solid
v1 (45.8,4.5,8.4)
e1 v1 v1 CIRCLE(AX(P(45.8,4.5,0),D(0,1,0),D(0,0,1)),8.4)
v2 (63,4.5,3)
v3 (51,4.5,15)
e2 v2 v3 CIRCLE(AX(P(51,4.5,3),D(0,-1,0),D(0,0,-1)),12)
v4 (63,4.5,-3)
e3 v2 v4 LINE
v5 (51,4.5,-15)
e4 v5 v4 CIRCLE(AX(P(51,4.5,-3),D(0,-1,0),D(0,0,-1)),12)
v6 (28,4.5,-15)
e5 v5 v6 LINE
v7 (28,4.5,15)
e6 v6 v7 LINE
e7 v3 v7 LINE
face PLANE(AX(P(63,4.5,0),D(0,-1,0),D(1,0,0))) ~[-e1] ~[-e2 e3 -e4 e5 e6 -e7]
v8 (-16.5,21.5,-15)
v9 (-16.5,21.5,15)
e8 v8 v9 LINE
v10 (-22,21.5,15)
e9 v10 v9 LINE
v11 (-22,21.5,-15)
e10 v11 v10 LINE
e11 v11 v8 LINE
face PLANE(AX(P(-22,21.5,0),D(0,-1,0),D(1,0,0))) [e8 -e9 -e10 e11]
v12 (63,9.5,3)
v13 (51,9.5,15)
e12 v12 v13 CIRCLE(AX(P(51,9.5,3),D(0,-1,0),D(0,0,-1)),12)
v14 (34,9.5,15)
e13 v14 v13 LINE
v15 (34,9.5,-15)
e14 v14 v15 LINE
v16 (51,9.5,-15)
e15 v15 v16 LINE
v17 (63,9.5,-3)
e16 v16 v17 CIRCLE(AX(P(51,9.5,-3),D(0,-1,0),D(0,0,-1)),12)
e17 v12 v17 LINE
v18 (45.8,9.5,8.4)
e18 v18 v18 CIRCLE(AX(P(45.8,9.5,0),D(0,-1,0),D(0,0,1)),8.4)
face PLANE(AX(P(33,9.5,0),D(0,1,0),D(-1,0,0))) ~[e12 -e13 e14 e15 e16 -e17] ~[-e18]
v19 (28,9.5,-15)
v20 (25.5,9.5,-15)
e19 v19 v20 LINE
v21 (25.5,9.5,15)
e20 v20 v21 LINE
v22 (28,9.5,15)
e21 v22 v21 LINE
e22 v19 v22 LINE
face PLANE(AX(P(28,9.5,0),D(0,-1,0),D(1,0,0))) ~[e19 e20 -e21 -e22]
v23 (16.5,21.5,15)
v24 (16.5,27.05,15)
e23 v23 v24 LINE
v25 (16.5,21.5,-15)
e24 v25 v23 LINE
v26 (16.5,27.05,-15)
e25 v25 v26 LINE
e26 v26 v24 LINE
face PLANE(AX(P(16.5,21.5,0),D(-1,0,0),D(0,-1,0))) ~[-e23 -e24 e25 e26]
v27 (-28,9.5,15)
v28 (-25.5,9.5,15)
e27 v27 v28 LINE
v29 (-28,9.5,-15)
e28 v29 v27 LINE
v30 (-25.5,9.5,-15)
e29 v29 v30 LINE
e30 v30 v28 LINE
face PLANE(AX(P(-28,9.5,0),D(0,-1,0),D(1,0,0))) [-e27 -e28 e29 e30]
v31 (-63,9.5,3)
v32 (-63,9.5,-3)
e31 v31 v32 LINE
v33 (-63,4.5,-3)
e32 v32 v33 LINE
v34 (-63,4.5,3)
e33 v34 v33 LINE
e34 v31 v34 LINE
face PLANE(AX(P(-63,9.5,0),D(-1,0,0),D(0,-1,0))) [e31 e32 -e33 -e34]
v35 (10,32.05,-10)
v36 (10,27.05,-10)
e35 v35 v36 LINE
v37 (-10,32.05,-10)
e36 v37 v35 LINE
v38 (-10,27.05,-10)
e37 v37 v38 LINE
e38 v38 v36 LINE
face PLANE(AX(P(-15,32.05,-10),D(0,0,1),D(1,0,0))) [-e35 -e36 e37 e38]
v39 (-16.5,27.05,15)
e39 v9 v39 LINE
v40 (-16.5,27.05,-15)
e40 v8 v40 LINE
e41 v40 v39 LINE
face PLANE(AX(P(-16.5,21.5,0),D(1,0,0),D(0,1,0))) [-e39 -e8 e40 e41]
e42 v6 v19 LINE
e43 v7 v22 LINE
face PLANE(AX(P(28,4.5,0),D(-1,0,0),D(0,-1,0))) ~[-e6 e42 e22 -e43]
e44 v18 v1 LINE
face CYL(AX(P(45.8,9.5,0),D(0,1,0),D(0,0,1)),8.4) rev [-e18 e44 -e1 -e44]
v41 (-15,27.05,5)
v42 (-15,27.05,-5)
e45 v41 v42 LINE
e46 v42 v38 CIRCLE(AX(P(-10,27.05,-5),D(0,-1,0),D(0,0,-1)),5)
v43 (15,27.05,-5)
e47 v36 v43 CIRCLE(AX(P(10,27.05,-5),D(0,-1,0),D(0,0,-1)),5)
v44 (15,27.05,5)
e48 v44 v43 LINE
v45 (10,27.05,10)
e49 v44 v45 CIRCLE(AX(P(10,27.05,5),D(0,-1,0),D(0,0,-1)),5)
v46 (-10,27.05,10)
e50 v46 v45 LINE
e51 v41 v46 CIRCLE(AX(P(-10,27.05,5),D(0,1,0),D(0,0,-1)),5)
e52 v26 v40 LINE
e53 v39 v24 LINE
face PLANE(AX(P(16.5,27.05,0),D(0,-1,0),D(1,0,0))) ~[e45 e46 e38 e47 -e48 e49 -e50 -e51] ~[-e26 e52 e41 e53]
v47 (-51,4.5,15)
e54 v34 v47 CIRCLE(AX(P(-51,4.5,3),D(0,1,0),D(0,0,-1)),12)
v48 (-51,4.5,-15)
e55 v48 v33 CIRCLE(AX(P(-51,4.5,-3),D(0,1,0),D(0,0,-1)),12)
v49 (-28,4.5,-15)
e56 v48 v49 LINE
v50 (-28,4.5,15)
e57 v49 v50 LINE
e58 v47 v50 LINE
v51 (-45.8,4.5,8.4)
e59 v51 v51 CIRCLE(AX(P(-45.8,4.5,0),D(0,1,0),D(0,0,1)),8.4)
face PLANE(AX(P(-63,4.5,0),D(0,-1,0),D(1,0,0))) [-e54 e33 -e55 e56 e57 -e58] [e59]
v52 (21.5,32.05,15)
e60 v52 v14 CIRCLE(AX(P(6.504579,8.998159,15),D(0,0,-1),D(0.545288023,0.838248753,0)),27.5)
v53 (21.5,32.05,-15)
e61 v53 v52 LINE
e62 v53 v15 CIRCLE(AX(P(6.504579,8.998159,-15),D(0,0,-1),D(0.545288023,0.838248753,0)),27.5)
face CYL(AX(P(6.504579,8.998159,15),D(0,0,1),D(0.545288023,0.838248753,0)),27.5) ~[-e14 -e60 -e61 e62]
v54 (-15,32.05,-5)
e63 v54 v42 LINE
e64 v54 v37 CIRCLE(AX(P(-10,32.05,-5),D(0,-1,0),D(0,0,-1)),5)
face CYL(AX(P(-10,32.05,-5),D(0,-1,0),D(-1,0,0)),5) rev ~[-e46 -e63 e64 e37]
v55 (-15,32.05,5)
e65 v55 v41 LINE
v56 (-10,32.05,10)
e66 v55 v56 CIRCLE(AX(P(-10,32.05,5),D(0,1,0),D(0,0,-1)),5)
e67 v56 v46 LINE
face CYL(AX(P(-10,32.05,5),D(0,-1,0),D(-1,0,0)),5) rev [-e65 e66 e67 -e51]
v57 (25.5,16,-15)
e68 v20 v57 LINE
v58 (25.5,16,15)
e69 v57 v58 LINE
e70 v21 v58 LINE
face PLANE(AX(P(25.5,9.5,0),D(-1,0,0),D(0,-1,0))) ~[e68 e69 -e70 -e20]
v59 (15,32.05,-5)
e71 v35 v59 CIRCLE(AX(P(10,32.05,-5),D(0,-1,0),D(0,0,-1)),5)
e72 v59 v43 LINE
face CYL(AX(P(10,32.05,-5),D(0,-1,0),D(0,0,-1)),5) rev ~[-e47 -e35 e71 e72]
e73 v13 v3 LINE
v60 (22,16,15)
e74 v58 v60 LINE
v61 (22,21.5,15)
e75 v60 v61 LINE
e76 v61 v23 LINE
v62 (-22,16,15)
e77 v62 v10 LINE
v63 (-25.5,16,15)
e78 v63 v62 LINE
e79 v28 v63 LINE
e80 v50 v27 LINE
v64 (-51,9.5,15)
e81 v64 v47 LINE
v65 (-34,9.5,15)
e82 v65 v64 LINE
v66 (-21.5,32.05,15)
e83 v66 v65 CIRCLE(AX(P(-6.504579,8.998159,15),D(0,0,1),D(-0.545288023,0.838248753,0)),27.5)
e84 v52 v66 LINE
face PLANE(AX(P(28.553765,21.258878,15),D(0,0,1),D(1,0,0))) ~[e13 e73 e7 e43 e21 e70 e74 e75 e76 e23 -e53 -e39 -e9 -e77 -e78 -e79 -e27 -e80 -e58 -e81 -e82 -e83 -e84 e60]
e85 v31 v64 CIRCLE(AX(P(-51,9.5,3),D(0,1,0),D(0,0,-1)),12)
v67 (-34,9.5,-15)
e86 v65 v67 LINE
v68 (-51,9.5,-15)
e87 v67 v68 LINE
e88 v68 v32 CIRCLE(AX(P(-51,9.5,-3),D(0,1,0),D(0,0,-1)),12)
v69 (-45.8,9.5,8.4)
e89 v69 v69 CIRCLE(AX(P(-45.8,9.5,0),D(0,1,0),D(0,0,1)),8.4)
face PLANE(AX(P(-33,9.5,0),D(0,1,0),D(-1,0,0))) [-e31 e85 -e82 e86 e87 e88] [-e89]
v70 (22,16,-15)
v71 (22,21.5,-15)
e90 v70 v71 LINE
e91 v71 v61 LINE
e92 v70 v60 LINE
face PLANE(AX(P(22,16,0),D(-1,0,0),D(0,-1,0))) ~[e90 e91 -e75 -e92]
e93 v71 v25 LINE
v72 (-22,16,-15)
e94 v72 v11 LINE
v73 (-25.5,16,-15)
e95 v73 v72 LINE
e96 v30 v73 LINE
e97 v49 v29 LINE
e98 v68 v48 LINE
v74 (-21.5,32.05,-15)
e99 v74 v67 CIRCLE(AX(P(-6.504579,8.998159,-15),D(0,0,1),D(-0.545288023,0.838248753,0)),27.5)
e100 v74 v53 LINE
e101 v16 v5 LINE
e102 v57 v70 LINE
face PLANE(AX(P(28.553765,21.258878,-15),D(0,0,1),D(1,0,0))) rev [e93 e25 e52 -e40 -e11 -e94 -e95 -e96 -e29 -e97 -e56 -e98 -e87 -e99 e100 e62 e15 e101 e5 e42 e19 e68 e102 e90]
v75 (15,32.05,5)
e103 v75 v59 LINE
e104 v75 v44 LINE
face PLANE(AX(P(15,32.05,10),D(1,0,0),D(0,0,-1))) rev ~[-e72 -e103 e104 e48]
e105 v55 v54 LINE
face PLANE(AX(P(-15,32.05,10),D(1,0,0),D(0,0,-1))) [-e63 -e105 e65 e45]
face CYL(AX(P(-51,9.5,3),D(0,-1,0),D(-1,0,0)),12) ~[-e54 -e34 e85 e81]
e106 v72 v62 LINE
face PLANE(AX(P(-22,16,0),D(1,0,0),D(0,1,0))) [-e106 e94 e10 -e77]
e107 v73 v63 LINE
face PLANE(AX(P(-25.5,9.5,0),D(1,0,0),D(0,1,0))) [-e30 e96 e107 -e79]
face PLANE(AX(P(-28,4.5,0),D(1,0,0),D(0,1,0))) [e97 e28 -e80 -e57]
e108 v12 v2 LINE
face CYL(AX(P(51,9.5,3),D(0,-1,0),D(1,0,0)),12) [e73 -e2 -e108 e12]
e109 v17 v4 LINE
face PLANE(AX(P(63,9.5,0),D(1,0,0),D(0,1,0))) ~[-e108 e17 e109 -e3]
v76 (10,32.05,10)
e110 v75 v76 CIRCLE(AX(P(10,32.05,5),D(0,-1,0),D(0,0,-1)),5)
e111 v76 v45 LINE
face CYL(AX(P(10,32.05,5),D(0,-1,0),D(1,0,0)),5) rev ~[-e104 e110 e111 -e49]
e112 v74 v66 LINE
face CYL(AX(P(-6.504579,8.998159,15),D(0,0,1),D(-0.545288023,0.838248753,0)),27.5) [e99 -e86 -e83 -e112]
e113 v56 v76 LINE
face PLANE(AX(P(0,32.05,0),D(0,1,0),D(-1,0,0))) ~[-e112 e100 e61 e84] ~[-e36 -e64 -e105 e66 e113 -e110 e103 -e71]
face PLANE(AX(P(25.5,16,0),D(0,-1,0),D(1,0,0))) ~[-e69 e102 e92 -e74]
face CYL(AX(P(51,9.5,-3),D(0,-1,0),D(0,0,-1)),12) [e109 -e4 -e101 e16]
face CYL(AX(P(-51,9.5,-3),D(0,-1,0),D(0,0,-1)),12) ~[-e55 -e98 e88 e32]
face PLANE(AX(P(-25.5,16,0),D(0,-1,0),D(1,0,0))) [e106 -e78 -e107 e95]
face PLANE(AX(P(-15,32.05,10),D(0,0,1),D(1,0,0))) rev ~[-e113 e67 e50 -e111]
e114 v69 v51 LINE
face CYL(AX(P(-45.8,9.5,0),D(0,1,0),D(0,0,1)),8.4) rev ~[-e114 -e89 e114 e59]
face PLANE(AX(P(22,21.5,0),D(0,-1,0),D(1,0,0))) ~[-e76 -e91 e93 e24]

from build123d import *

# Parameters (mm, degrees)
EXTRUDE_THIN1_DEPTH  = 15
SKETCH2_R            = 8.4
CUT_EXTRUDE1_DEPTH   = 69.574794932
FILLET1_R            = 12
FILLET1_OF_MIRROR1_R = 12
SKETCH3_W            = 30
SKETCH3_H            = 20
CUT_EXTRUDE2_DEPTH   = 71.377571001
BOSS_EXTRUDE1_DEPTH  = 30
FILLET2_R            = 5


with BuildPart() as part:
    # Sketch1 → Extrude-Thin1 (new, symmetric)
    with BuildSketch(Plane.XY):
        Polygon((-63, 4.5), (-28, 4.5), (-28, 9.5), (-25.5, 9.5), (-25.5, 16), (-22, 16), (-22, 21.5), (-16.5, 21.5), (-16.5, 27.05), (0, 27.05), (0, 32.05), (-21.5, 32.05), (-21.5, 26.5), (-27, 26.5), (-27, 21), (-30.5, 21), (-30.5, 14.5), (-33, 14.5), (-33, 9.5), (-63, 9.5), align=None)
    extrude_thin1 = extrude(amount=EXTRUDE_THIN1_DEPTH, both=True)

    # Sketch2 → Cut-Extrude1 (cut, through all)
    with BuildSketch(Plane(origin=(0, 9.5, 0), x_dir=(1, 0, 0), z_dir=(0, 1, 0))):
        with Locations(Location((-45.8, 0, 0), (0, 0, 270))):
            Circle(SKETCH2_R)
    cut_extrude1 = extrude(amount=-CUT_EXTRUDE1_DEPTH, mode=Mode.SUBTRACT)

    # Fillet1
    fillet1_edges = [part.edges().sort_by_distance(p)[0] for p in [
        (-63, 7, -15),
        (-63, 7, 15),
    ]]
    fillet(fillet1_edges, radius=FILLET1_R)

    # Mirror1: Extrude-Thin1, Cut-Extrude1 across plane
    add(extrude_thin1.mirror(Plane(origin=(0, 32.05, 15), x_dir=(0, 0, 1), z_dir=(1, 0, 0))))
    add(cut_extrude1.mirror(Plane(origin=(0, 32.05, 15), x_dir=(0, 0, 1), z_dir=(1, 0, 0))), mode=Mode.SUBTRACT)

    # Fillet1 of Mirror1
    fillet1_of_mirror1_edges = [part.edges().sort_by_distance(p)[0] for p in [
        (63, 7, -15),
        (63, 7, 15),
    ]]
    fillet(fillet1_of_mirror1_edges, radius=FILLET1_OF_MIRROR1_R)

    # Sketch3 → Cut-Extrude2 (cut, through all)
    with BuildSketch(Plane(origin=(0, 32.05, 0), x_dir=(1, 0, 0), z_dir=(0, 1, 0))):
        Rectangle(SKETCH3_W, SKETCH3_H)
    extrude(amount=-CUT_EXTRUDE2_DEPTH, mode=Mode.SUBTRACT)

    # Sketch4 → Boss-Extrude1 (add)
    with BuildSketch(Plane.XY.offset(15)):
        with BuildLine():
            Line((-21.5, 26.5), (-21.5, 32.05))
            ThreePointArc((-21.5, 32.05), (-30.55647166, 22.330693825), (-34, 9.5))
            Line((-34, 9.5), (-33, 9.5))
            Line((-33, 9.5), (-33, 14.5))
            Line((-33, 14.5), (-30.5, 14.5))
            Line((-30.5, 14.5), (-30.5, 21))
            Line((-30.5, 21), (-27, 21))
            Line((-27, 21), (-27, 26.5))
            Line((-27, 26.5), (-21.5, 26.5))
        make_face()
    boss_extrude1 = extrude(amount=-BOSS_EXTRUDE1_DEPTH)

    # Mirror2: Boss-Extrude1 across plane
    add(boss_extrude1.mirror(Plane(origin=(0, 0, 0), x_dir=(0, 0, 1), z_dir=(1, 0, 0))))

    # Fillet2
    fillet2_edges = [part.edges().sort_by_distance(p)[0] for p in [
        (-15, 29.55, 10),
        (-15, 29.55, -10),
        (15, 29.55, -10),
        (15, 29.55, 10),
    ]]
    fillet(fillet2_edges, radius=FILLET2_R)


solid = part.part
